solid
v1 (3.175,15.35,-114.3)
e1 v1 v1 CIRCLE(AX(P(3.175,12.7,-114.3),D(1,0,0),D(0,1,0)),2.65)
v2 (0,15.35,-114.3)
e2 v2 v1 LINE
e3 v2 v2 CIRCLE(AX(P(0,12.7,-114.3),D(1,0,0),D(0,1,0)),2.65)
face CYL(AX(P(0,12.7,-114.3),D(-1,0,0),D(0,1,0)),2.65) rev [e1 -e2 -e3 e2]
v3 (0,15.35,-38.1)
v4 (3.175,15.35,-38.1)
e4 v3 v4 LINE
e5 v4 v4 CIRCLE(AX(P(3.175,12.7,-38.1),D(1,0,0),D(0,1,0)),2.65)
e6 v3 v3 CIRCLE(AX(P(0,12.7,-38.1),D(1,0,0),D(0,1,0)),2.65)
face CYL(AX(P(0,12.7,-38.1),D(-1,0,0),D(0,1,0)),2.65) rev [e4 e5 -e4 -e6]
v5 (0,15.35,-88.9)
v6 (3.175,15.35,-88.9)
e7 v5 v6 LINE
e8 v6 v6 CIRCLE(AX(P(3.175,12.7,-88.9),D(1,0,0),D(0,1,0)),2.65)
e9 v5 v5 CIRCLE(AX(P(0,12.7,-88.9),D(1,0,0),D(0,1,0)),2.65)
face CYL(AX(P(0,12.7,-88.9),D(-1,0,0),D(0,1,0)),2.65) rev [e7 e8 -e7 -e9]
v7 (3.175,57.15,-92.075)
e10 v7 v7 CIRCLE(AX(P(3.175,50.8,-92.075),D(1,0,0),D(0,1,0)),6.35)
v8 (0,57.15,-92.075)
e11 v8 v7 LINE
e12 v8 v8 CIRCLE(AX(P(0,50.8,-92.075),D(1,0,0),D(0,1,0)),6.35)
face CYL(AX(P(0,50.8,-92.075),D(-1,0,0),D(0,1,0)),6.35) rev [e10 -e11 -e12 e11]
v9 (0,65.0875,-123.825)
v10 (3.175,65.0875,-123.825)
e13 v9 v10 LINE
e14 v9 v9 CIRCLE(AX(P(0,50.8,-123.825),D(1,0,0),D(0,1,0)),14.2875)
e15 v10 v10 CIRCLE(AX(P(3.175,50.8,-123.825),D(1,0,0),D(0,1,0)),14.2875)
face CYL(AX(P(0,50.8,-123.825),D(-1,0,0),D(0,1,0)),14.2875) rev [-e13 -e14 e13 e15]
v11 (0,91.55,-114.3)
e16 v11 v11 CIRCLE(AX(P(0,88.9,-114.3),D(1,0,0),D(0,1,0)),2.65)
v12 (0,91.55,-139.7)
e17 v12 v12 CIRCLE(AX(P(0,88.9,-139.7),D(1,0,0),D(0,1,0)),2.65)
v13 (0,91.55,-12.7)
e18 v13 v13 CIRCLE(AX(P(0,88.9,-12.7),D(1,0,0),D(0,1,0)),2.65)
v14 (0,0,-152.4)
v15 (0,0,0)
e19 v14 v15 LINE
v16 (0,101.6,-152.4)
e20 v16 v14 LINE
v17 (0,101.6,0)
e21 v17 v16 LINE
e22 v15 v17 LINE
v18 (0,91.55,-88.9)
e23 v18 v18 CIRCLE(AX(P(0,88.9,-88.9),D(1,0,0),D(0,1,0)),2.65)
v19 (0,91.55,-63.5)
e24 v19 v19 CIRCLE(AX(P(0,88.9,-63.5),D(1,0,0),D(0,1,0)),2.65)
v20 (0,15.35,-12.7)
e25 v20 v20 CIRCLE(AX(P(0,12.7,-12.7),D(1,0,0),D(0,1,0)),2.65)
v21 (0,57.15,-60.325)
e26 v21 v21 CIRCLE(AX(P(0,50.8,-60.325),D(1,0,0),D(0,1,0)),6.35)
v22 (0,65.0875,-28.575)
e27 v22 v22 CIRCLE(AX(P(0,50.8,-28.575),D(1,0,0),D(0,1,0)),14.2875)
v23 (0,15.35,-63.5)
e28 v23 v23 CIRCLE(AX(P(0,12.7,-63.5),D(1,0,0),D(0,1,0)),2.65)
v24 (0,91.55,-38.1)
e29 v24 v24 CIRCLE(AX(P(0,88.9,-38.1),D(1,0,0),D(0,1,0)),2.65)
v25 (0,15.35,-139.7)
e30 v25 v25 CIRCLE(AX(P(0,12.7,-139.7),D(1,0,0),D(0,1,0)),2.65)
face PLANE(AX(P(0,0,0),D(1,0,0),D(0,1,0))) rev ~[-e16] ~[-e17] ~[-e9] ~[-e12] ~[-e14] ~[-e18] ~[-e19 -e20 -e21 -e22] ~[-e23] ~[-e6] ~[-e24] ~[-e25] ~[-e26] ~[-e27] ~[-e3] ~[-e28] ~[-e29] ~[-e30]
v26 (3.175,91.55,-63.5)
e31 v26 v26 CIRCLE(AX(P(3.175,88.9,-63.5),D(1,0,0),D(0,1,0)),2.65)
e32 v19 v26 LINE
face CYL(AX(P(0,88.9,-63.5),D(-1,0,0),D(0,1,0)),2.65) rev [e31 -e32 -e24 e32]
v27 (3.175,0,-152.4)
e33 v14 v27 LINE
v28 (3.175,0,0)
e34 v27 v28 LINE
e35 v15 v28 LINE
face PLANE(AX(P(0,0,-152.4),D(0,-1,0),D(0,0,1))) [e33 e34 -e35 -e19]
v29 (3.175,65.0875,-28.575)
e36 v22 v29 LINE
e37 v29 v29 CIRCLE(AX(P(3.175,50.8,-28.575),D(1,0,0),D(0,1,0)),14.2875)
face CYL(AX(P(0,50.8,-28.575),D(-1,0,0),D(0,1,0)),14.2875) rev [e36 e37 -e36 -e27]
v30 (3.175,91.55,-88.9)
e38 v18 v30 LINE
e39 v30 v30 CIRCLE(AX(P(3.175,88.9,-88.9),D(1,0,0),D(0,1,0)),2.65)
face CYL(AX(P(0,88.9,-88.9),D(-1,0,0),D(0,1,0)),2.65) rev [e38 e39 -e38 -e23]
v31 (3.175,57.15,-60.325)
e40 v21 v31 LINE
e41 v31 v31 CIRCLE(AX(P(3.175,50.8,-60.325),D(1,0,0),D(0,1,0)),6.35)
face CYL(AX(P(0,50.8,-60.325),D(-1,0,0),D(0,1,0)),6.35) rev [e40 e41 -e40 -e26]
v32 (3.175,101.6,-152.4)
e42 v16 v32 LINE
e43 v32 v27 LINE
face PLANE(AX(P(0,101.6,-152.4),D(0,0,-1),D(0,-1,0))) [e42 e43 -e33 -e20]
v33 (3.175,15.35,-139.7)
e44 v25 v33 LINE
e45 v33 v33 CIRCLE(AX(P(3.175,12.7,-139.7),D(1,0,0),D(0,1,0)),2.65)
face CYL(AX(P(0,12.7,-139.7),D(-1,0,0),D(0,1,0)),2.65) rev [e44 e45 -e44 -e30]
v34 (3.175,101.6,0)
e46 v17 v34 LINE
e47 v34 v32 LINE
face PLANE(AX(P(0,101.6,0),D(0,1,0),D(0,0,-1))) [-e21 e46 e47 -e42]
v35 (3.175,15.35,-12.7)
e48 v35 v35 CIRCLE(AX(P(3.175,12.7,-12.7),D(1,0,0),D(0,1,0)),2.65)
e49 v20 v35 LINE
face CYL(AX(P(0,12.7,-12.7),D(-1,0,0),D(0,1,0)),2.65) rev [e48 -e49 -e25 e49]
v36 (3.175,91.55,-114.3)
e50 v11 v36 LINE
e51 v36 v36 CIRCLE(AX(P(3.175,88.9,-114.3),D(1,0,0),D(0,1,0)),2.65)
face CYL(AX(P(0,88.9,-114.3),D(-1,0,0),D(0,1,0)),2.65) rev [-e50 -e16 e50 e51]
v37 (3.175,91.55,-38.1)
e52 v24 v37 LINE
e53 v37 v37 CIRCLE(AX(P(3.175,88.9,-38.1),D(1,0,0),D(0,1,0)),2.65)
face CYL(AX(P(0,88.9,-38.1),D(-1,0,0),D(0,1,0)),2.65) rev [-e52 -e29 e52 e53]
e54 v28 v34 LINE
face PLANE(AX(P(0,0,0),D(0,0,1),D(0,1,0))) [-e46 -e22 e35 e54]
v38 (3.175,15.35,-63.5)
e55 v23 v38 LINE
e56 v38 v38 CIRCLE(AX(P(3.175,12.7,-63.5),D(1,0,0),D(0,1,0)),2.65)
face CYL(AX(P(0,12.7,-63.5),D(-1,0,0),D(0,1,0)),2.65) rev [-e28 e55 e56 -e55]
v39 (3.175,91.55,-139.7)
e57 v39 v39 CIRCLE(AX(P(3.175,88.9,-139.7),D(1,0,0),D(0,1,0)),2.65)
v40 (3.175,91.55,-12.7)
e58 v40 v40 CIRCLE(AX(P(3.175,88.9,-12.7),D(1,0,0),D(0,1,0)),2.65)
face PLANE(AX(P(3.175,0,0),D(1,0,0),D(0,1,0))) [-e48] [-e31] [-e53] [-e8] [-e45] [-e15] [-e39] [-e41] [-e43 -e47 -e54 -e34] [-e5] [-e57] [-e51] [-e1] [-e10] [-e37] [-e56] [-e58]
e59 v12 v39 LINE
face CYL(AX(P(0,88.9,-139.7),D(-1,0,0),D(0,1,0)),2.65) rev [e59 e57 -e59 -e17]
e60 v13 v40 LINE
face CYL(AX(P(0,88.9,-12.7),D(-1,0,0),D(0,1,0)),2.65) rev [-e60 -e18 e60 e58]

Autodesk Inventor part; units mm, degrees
ref_plane "YZ Plane" through (0, 0, 0) normal (1, 0, 0) x (0, 1, 0)
ref_plane "XZ Plane" through (0, 0, 0) normal (0, 1, 0) x (-1, 0, 0)
ref_plane "XY Plane" through (0, 0, 0) normal (0, 0, 1) x (1, 0, 0)
sketch "Sketch1" plane through (0, 0, 0) normal (1, 0, 0) x (0, 1, 0)
  line L0 (0, 0) -> (101.6, 0)
  line L1 (101.6, 0) -> (101.6, -152.4)
  line L2 (101.6, -152.4) -> (0, -152.4)
  line L3 (0, -152.4) -> (0, 0)
  circle A0 centre (50.8, -28.575) radius 14.2875
  circle A1 centre (50.8, -60.325) radius 6.35
  circle A2 centre (50.8, -92.075) radius 6.35
  circle A3 centre (50.8, -123.825) radius 14.2875
  line L4 (50.8, -28.575) -> (50.8, -123.825) construction
  circle A4 centre (88.9, -12.7) radius 2.65
  circle A5 centre (88.9, -38.1) radius 2.65
  circle A6 centre (88.9, -63.5) radius 2.65
  circle A7 centre (88.9, -88.9) radius 2.65
  circle A8 centre (88.9, -114.3) radius 2.65
  circle A9 centre (88.9, -139.7) radius 2.65
  circle A10 centre (12.7, -12.7) radius 2.65
  circle A11 centre (12.7, -38.1) radius 2.65
  circle A12 centre (12.7, -63.5) radius 2.65
  circle A13 centre (12.7, -88.9) radius 2.65
  circle A14 centre (12.7, -114.3) radius 2.65
  circle A15 centre (12.7, -139.7) radius 2.65
  point P0 (101.6, -76.2)
  point P1 (50.8, -76.2)
  point P2 (50.8, -152.4)
  dimension "d0" = 101.6
  dimension "d1" = 152.4
  dimension "d2" = 28.575
  dimension "d3" = 12.7
  dimension "d4" = 12.7
  dimension "d5" = 28.575
  dimension "d6" = 31.75
  dimension "d7" = 31.75
  dimension "d8" = 31.75
  dimension "d9" = 5.3
  dimension "d10" = 12.7
  dimension "d11" = 12.7
  dimension "d14" = 25.4
  dimension "d17" = 76.2
extrude "Extrusion1" add sketch "Sketch1" along normal blind 3.175
equation "\"d7\" = d6"
equation "\"d8\" = d7"
properties part number "CH-1-02-RearGearboxHousingMotorSide" material "Aluminum 6061"
